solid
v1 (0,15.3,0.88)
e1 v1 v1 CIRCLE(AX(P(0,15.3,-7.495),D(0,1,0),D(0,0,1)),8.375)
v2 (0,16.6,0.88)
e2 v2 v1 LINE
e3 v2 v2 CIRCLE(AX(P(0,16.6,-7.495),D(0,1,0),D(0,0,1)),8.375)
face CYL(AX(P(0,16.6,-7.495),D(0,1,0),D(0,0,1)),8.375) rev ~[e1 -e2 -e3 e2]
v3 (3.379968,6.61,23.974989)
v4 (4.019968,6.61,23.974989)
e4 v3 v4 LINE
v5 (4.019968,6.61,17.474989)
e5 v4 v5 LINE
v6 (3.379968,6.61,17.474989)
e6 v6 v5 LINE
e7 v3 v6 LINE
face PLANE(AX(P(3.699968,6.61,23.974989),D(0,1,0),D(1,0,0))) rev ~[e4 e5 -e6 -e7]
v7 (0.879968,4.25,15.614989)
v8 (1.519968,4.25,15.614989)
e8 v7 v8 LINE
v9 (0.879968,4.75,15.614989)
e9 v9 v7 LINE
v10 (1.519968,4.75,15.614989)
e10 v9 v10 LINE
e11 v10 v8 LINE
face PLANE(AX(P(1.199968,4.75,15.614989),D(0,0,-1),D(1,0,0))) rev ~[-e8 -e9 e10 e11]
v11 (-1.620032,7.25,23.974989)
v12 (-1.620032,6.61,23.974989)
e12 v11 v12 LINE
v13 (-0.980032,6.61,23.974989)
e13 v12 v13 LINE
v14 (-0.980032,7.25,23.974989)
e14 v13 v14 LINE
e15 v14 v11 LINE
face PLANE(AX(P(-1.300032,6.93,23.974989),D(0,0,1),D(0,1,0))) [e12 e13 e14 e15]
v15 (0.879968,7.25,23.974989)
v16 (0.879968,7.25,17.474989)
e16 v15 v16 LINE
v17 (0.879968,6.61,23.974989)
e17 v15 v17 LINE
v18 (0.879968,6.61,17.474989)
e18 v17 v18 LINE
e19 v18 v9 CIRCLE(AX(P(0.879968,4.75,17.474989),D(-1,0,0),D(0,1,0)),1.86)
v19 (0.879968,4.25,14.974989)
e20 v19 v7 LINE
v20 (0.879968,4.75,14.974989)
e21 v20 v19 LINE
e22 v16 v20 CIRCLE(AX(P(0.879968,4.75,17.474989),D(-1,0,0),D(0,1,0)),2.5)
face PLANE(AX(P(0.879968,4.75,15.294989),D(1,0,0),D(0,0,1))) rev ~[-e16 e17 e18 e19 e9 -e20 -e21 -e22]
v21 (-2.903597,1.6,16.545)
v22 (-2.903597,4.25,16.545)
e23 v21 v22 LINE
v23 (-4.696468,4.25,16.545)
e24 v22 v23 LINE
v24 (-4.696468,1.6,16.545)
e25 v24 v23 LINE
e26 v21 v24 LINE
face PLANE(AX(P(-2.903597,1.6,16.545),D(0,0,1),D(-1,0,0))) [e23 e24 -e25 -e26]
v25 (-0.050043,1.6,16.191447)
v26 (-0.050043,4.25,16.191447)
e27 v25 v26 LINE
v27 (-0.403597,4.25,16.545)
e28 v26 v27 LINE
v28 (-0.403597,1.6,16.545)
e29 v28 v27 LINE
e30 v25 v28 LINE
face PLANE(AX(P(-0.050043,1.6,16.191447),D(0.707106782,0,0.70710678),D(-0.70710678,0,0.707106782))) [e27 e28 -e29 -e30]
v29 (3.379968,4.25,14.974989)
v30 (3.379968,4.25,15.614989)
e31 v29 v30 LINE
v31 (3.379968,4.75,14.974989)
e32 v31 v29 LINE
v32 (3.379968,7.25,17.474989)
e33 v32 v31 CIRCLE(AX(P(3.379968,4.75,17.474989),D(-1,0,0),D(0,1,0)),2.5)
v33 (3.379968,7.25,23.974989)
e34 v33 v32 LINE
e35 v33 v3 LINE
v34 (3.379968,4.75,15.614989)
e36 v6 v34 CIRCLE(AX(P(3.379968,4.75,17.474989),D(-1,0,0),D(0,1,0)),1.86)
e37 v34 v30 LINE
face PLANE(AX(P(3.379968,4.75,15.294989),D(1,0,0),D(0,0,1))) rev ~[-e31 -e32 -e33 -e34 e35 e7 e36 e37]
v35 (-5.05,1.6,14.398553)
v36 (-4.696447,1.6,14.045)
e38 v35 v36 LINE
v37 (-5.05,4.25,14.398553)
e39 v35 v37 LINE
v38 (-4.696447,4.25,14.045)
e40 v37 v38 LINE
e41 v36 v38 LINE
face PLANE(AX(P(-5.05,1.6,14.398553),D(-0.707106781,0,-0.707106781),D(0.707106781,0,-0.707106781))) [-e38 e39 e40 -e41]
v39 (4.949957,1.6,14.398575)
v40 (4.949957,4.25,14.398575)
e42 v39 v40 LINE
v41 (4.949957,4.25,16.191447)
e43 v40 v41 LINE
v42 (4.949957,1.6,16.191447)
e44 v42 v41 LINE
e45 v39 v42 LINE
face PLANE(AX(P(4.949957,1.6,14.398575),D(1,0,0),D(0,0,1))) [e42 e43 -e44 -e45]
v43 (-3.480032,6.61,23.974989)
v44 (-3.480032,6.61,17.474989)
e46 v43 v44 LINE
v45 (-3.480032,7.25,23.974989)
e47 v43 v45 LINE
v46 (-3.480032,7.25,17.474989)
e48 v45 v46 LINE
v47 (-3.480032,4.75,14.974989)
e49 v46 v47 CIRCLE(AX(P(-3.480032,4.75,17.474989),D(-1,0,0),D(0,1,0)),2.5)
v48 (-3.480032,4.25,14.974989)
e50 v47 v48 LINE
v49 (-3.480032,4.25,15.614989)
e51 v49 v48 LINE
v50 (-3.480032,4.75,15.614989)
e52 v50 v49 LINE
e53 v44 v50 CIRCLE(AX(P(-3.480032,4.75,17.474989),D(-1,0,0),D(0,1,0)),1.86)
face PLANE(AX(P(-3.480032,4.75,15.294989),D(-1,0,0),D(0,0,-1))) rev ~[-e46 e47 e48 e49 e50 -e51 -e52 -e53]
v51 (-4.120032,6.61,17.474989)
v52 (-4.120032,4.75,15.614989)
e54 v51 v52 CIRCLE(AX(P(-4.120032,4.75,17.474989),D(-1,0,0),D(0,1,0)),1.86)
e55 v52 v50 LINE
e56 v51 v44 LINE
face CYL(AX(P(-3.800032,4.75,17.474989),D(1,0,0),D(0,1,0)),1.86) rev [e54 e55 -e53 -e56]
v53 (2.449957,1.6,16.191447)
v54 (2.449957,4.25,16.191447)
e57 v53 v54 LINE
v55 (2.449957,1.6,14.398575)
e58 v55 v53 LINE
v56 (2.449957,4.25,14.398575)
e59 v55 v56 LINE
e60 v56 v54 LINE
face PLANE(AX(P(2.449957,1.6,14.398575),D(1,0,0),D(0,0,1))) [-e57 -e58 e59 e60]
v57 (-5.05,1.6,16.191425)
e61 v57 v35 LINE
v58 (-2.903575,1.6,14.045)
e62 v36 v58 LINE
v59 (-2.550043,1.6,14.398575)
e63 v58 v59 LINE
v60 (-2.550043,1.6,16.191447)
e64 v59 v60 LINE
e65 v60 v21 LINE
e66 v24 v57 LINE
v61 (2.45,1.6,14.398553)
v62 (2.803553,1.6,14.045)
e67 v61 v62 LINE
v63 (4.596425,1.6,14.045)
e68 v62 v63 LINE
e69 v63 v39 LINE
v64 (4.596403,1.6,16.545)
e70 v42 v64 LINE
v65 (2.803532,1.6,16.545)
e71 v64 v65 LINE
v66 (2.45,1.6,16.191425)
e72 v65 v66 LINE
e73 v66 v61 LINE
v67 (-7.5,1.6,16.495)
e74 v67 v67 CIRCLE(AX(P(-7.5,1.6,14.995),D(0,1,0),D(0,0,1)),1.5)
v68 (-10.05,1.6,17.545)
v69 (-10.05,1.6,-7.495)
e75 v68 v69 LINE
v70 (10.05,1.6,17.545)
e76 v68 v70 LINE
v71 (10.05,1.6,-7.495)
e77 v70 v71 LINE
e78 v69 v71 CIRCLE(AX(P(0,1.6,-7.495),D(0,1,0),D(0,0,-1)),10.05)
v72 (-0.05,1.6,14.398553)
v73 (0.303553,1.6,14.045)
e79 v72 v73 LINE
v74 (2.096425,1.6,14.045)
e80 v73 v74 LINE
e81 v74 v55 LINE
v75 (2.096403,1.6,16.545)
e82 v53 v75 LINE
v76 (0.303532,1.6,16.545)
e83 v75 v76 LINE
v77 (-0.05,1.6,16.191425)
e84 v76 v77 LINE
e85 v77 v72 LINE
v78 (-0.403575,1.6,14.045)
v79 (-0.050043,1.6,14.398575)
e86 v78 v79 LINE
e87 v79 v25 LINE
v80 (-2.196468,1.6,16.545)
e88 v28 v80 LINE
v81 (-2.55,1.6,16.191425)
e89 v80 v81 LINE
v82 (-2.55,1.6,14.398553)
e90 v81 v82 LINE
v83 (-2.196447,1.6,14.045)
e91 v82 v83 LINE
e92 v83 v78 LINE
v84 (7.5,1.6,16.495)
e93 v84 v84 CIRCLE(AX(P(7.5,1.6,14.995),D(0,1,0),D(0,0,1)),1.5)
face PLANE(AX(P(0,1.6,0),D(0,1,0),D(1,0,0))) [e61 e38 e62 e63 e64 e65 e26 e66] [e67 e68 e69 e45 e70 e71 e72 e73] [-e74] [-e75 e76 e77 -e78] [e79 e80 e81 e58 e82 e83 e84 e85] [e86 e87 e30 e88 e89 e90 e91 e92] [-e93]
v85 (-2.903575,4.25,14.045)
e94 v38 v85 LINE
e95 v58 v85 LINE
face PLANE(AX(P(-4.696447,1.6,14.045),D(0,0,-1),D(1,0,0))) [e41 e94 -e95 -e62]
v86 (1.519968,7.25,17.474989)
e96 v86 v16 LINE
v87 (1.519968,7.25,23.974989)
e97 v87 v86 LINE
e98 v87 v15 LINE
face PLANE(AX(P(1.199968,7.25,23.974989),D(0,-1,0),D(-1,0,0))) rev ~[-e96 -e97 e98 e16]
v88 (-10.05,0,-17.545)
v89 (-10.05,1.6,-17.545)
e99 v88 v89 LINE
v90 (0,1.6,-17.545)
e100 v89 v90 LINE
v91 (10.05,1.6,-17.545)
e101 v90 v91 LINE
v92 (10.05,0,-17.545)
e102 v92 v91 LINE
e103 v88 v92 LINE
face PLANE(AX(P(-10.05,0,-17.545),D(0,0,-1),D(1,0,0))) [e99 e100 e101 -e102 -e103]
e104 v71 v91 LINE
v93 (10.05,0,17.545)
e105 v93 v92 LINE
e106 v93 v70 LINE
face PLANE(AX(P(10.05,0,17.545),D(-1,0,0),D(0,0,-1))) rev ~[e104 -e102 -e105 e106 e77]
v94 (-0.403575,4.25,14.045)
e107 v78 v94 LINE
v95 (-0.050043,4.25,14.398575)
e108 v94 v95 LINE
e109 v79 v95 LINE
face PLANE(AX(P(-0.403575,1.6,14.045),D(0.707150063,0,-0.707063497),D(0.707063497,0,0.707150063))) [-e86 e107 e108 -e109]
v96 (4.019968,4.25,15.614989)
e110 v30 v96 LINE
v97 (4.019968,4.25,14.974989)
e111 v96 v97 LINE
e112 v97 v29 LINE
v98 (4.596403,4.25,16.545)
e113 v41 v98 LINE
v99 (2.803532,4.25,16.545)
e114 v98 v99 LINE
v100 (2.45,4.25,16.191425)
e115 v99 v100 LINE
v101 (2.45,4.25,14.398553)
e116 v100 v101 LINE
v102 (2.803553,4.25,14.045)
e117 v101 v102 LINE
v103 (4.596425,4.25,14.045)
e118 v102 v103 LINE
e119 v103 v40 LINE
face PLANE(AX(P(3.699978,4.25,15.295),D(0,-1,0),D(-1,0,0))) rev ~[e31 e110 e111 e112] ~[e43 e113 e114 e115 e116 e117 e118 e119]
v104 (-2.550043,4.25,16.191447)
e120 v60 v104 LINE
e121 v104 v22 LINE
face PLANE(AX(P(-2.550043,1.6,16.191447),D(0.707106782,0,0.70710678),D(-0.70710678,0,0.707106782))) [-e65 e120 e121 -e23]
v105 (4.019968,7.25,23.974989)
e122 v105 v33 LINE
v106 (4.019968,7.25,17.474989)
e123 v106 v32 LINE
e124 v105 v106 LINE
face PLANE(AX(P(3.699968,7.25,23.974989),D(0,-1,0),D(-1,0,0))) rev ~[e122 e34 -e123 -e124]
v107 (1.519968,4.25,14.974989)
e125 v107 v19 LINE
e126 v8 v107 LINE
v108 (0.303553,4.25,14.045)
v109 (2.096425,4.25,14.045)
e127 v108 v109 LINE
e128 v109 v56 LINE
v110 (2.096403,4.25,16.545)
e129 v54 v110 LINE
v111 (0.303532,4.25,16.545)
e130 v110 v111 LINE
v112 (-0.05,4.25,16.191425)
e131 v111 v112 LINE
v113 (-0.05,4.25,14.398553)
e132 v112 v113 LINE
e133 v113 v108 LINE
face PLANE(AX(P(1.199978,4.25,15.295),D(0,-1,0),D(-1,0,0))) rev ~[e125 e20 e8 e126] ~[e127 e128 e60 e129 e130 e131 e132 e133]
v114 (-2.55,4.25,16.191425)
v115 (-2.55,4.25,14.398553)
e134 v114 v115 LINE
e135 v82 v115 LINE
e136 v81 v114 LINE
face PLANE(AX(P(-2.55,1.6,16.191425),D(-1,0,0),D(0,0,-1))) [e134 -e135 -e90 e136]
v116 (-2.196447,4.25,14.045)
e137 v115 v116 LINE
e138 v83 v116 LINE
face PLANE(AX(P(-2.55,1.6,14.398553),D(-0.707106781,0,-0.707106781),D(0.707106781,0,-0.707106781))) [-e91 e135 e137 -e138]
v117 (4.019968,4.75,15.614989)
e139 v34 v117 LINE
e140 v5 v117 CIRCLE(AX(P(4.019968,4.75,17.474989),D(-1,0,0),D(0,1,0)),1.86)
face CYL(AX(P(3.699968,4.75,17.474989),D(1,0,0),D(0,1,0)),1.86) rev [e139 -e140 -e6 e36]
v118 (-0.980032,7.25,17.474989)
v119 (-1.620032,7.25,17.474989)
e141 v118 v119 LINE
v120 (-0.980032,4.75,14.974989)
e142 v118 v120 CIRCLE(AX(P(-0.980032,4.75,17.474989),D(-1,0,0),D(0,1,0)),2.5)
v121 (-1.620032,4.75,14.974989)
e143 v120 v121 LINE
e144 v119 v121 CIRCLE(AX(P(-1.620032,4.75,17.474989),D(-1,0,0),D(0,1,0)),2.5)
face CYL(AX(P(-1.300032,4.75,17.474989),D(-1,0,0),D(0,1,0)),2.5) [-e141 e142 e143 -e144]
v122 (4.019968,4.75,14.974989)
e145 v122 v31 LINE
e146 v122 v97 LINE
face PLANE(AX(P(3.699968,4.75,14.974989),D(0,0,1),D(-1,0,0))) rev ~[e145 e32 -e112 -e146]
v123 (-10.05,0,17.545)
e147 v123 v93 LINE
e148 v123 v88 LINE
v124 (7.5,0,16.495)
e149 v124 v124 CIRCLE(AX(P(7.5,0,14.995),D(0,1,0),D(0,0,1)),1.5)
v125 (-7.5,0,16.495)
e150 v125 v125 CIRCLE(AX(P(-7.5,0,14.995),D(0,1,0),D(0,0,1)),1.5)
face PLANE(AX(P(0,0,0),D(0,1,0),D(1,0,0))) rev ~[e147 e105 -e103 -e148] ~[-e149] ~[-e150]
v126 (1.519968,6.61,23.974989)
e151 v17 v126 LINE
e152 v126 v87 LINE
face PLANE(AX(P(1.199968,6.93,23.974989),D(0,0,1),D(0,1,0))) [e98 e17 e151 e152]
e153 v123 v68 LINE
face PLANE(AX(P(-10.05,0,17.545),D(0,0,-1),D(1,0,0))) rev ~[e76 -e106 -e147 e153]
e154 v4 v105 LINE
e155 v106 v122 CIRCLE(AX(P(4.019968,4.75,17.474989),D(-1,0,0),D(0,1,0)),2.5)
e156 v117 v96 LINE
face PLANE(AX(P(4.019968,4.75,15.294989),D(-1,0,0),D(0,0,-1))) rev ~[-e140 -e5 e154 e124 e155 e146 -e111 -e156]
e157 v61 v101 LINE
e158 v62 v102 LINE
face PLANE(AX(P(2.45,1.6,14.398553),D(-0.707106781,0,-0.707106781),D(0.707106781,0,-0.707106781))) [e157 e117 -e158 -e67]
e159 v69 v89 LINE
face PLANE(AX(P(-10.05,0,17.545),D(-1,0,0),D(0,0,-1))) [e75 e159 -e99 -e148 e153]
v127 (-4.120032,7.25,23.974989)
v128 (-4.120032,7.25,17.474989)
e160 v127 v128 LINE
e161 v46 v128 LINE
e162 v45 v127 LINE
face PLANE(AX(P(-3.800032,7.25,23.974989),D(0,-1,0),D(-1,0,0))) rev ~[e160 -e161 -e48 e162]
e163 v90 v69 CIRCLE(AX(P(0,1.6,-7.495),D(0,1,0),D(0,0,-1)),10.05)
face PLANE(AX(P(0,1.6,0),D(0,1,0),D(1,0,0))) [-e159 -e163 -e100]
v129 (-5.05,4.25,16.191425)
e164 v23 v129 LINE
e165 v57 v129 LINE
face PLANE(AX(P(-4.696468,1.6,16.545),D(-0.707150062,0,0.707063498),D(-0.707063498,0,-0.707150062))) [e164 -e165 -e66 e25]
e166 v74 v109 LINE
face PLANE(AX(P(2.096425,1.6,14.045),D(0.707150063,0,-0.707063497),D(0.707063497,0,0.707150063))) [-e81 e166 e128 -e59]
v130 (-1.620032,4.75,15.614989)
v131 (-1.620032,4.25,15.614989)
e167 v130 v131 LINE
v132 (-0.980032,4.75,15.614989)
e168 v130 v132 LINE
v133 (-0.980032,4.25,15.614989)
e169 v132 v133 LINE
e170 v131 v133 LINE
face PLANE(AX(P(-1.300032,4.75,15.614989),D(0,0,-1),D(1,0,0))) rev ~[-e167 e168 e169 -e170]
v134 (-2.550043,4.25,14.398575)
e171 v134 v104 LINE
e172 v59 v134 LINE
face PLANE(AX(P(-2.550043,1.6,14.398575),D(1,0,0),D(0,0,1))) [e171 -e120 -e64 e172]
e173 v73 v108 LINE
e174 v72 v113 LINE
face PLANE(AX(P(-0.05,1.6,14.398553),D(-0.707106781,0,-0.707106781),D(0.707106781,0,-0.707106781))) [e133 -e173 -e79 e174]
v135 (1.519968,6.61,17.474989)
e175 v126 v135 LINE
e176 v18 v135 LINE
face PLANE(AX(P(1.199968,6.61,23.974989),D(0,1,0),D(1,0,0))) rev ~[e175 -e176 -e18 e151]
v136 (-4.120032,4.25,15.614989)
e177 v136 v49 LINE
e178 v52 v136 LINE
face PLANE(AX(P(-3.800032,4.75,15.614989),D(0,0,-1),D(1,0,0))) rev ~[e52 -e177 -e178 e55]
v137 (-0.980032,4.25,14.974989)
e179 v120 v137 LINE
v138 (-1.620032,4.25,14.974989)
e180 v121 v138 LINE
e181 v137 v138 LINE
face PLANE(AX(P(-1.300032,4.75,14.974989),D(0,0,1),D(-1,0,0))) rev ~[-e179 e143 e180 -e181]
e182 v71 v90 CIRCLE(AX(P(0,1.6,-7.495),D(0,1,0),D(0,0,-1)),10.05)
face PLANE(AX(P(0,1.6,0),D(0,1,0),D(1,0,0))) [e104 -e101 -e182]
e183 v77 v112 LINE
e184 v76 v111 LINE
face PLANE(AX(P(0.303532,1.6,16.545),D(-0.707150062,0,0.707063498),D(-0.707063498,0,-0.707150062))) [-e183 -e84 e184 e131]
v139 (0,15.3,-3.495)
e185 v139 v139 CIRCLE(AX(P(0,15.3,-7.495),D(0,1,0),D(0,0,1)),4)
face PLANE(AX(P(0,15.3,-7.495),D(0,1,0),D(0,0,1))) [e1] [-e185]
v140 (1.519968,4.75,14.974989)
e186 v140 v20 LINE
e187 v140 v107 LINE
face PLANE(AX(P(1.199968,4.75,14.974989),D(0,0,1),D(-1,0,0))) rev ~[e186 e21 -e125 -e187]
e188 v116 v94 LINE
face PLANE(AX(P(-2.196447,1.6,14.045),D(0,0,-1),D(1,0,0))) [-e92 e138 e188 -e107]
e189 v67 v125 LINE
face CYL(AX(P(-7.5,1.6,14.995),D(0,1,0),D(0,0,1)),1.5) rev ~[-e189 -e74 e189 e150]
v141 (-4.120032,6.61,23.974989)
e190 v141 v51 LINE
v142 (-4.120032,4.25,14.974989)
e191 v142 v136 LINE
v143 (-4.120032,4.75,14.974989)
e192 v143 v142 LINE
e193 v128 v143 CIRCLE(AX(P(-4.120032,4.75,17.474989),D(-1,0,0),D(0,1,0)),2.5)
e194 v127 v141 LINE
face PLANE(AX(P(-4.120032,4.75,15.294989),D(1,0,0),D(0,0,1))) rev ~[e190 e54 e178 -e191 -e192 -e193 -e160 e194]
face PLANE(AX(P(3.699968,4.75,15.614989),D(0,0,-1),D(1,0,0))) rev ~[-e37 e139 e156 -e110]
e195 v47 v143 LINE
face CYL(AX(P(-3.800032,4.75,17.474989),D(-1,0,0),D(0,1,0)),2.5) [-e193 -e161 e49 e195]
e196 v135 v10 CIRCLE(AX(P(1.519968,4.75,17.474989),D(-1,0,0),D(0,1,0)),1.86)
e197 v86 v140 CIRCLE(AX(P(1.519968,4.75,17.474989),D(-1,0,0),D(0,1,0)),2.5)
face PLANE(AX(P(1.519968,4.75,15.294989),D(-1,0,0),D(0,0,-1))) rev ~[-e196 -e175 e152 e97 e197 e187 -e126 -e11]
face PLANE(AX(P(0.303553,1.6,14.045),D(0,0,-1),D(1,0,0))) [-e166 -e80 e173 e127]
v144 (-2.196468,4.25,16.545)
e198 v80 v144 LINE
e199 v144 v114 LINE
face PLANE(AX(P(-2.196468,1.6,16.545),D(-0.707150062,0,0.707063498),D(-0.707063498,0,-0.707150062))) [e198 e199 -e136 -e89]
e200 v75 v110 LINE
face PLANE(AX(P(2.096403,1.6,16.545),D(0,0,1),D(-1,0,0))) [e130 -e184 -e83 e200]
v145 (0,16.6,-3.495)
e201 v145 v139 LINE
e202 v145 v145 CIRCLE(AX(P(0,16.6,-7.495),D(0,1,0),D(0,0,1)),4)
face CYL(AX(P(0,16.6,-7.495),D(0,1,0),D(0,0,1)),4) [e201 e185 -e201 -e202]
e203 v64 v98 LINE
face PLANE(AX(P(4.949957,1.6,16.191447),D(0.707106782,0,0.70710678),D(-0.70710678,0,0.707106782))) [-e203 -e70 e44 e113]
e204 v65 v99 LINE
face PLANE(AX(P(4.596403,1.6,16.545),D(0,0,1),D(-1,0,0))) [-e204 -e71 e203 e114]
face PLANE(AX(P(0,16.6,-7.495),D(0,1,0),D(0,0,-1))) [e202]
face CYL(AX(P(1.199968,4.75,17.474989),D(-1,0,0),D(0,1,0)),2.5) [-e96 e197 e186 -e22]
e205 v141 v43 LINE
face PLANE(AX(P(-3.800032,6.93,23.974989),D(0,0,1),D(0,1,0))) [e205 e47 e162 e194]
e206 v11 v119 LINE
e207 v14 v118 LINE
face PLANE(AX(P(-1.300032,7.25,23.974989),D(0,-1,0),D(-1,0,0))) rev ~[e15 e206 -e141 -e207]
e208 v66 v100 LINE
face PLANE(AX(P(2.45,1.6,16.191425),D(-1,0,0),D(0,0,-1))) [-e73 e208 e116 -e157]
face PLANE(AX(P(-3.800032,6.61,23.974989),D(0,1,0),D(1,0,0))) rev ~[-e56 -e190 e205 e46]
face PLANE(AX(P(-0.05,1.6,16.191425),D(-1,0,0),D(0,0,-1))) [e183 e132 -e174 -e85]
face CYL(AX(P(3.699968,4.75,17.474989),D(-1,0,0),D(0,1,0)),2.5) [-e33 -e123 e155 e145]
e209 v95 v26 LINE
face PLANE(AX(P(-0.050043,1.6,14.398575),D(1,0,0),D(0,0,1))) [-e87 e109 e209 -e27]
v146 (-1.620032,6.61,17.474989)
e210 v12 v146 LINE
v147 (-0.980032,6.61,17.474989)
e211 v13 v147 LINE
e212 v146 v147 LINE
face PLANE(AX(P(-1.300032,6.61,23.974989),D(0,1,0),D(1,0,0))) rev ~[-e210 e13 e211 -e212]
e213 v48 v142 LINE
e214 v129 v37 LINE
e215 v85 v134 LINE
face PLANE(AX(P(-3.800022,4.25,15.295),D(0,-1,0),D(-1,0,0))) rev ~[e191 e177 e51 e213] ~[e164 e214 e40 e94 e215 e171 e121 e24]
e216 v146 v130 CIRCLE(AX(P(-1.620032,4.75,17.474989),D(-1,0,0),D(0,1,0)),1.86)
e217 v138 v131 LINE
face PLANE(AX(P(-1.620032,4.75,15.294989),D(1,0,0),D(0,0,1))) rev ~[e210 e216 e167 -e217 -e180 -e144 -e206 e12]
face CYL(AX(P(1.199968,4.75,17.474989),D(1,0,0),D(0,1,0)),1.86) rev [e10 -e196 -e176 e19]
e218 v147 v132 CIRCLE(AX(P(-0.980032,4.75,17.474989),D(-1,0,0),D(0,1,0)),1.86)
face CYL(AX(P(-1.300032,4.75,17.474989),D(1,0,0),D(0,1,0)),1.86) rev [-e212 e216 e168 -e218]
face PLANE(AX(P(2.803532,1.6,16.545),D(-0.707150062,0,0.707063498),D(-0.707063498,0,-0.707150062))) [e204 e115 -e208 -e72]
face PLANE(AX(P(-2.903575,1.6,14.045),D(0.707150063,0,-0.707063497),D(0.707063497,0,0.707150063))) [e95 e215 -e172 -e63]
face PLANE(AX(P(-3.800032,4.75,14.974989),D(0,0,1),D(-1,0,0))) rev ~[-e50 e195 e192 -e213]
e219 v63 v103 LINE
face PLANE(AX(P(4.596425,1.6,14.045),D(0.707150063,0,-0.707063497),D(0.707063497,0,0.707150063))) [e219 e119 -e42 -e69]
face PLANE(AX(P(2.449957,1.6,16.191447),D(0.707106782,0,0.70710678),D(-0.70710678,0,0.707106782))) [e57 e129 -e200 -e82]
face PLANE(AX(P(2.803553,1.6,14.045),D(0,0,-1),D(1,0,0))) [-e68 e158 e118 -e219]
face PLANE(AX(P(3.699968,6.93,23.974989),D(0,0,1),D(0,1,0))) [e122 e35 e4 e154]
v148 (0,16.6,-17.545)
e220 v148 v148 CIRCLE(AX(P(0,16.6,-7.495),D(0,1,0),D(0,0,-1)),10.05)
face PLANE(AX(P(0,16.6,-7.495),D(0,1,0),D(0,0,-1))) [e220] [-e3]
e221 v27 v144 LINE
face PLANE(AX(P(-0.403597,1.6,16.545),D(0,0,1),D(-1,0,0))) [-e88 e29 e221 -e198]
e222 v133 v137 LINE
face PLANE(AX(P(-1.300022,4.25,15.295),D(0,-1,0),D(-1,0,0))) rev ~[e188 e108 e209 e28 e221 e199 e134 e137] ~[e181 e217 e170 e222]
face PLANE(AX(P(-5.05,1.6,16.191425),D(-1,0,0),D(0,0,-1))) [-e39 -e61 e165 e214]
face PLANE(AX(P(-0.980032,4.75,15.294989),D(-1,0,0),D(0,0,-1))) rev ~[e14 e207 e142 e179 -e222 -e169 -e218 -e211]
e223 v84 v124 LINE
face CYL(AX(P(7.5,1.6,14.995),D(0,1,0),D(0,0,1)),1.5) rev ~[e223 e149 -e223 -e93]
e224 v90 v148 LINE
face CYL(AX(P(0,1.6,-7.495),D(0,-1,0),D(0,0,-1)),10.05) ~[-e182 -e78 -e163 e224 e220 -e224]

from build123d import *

# Parameters (mm, degrees)
SKETCH1_W           = 20.1
SKETCH1_H           = 35.09
BOSS_EXTRUDE1_DEPTH = 1.6
SKETCH2_R           = 10.05
BOSS_EXTRUDE2_DEPTH = 15
BOSS_EXTRUDE3_DEPTH = 2.65
SKETCH4_W           = 0.64
SKETCH4_H           = 0.64
LPATTERN1_COUNT     = 4
LPATTERN1_PITCH     = 2.5
SKETCH59_R          = 1.5
CUT_EXTRUDE1_DEPTH  = 31.013373788
SKETCH60_R          = 8.375
SKETCH60_R_2        = 4
CUT_EXTRUDE2_DEPTH  = 1.3


with BuildPart() as part:
    # Sketch1 → Boss-Extrude1 (new body)
    with BuildSketch(Plane(origin=(0, 0, 0), x_dir=(1, 0, 0), z_dir=(0, 1, 0))):
        Rectangle(SKETCH1_W, SKETCH1_H)
    extrude(amount=BOSS_EXTRUDE1_DEPTH)

    # Sketch2 → Boss-Extrude2 (add)
    with BuildSketch(Plane(origin=(0, 1.6, 0), x_dir=(1, 0, 0), z_dir=(0, 1, 0))):
        with Locations(Location((0, 7.495, 0), (0, 0, 90))):
            Circle(SKETCH2_R)
    extrude(amount=BOSS_EXTRUDE2_DEPTH)

    # Sketch3 → Boss-Extrude3 (add)
    with BuildSketch(Plane(origin=(0, 1.6, 0), x_dir=(1, 0, 0), z_dir=(0, 1, 0))):
        Polygon((-4.696446609, -14.045), (-2.903575031, -14.045), (-2.550043283, -14.398575031), (-2.550043283, -16.191446609), (-2.903596673, -16.545), (-4.696468251, -16.545), (-5.05, -16.191424969), (-5.05, -14.398553391), align=None)
    boss_extrude3 = extrude(amount=BOSS_EXTRUDE3_DEPTH)

    # Sweep1: sweep along a path in Sketch58
    with BuildLine(Plane.ZY.offset(3.800032462)) as sweep1_path:
        Line((23.97498918, 7.25), (17.47498918, 7.25))
        ThreePointArc((17.47498918, 7.25), (15.707222227, 6.517766953), (14.97498918, 4.75))
        Line((14.97498918, 4.75), (14.97498918, 4.25))
    # Sketch4 → Sweep1 (sweep)
    with BuildSketch(Plane(origin=(0, 4.25, 0), x_dir=(1, 0, 0), z_dir=(0, 1, 0))):
        with Locations((-3.800032462, -15.29498918)):
            Rectangle(SKETCH4_W, SKETCH4_H)
    sweep1 = sweep(path=sweep1_path.line)

    # LPattern1: Boss-Extrude3, Sweep1 ×4
    with Locations(*[(i * LPATTERN1_PITCH, 0, 0) for i in range(1, LPATTERN1_COUNT)]):
        add(boss_extrude3)
        add(sweep1)

    # Sketch59 → Cut-Extrude1 (cut, through all)
    with BuildSketch(Plane(origin=(0, 1.6, 0), x_dir=(1, 0, 0), z_dir=(0, 1, 0))):
        with Locations(Location((-7.5, -14.995, 0), (0, 0, 270))):
            Circle(SKETCH59_R)
        with Locations(Location((7.5, -14.995, 0), (0, 0, 270))):
            Circle(SKETCH59_R)
    extrude(amount=-CUT_EXTRUDE1_DEPTH, mode=Mode.SUBTRACT)

    # Sketch60 → Cut-Extrude2 (cut)
    with BuildSketch(Plane(origin=(0, 16.6, 0), x_dir=(1, 0, 0), z_dir=(0, 1, 0))):
        with Locations(Location((0, 7.495, 0), (0, 0, 270))):
            Circle(SKETCH60_R)
        with Locations(Location((0, 7.495, 0), (0, 0, 270))):
            Circle(SKETCH60_R_2, mode=Mode.SUBTRACT)
    extrude(amount=-CUT_EXTRUDE2_DEPTH, mode=Mode.SUBTRACT)


solid = part.part
